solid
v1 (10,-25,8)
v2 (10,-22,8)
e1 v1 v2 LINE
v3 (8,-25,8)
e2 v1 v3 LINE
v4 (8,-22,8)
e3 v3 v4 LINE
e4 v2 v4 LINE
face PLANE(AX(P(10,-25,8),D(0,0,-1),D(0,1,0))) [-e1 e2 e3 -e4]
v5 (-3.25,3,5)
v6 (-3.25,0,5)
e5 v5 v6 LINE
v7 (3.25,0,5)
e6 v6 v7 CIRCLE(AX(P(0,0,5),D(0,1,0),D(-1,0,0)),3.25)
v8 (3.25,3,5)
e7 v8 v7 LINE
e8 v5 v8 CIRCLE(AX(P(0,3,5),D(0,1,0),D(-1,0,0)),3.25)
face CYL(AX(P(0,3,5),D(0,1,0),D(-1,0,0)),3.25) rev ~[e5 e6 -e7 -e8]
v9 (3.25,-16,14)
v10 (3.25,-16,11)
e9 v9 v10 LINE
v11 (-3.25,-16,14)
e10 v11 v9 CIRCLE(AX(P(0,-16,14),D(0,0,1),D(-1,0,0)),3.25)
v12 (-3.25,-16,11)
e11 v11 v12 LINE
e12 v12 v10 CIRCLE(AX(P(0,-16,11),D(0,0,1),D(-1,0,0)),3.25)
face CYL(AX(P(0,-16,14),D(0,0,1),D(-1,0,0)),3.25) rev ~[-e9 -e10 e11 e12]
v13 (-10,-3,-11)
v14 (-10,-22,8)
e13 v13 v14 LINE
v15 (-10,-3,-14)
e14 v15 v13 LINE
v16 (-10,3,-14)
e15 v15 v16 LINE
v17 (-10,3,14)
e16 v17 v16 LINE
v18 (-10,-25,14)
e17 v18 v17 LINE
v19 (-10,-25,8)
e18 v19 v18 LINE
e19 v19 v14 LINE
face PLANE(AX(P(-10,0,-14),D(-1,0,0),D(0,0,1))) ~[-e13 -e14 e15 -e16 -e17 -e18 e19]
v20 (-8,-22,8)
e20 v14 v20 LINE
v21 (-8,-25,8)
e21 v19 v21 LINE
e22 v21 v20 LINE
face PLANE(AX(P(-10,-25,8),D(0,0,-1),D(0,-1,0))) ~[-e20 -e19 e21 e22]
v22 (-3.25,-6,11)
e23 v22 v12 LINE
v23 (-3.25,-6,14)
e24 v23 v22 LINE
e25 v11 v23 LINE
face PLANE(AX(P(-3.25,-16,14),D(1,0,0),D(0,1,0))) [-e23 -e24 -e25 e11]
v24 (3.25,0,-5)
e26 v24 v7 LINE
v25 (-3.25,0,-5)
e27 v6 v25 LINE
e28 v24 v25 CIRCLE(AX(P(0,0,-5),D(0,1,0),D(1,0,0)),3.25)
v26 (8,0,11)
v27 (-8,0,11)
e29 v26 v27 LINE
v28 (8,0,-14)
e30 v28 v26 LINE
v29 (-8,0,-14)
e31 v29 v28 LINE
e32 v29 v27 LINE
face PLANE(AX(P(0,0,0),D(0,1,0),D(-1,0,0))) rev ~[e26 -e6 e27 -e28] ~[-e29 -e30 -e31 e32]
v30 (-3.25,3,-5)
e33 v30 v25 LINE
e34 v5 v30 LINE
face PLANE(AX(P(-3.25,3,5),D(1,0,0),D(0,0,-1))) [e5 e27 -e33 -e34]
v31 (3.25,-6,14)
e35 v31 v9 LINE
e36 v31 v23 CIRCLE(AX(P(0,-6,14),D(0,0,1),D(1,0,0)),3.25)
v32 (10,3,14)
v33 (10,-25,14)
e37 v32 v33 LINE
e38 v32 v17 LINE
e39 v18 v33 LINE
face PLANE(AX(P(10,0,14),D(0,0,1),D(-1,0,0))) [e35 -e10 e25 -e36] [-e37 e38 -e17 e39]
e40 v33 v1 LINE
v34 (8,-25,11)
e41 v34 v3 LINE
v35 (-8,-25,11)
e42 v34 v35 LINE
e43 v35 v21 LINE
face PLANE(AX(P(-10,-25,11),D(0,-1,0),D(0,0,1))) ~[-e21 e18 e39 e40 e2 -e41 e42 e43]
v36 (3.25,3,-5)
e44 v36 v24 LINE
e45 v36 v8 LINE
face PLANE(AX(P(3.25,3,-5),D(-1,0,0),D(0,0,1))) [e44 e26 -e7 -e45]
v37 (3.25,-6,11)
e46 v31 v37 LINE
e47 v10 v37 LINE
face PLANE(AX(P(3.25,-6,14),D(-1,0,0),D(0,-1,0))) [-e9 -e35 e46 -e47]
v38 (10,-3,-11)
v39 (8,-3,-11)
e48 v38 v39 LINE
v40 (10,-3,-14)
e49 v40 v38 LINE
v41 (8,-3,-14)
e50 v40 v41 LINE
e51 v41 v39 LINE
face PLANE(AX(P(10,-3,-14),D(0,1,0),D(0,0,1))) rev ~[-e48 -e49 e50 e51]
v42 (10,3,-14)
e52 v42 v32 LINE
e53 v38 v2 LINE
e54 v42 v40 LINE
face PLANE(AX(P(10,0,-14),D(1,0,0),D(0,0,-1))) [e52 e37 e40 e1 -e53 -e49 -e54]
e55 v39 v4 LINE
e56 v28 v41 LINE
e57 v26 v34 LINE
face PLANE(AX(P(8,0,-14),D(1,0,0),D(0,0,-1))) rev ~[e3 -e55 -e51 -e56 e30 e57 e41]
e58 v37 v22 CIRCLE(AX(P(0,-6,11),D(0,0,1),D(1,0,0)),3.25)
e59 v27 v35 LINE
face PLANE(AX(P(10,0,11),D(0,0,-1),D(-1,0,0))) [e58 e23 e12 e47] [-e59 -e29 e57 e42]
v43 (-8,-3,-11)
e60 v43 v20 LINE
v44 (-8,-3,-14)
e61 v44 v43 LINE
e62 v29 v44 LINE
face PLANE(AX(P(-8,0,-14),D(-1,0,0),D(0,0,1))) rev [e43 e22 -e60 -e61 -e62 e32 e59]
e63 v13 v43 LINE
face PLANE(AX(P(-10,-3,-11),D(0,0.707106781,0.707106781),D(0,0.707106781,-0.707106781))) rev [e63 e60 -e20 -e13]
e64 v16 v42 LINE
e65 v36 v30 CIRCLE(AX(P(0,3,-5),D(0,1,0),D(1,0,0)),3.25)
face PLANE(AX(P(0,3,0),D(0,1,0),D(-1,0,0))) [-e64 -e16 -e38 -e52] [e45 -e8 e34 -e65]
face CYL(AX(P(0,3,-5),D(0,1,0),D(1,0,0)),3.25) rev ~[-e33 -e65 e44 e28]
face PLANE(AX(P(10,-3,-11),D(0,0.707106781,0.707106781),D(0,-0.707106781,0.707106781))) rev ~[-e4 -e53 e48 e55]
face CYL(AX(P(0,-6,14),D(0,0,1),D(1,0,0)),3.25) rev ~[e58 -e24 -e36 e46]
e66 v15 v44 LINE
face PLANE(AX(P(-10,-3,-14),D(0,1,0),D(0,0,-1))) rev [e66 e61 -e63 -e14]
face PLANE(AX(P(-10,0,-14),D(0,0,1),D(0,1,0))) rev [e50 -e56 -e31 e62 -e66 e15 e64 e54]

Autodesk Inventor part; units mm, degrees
ref_plane "YZ Plane" through (0, 0, 0) normal (1, 0, 0) x (0, 1, 0)
ref_plane "XZ Plane" through (0, 0, 0) normal (0, 1, 0) x (-1, 0, 0)
ref_plane "XY Plane" through (0, 0, 0) normal (0, 0, 1) x (1, 0, 0)
sketch "Sketch1" plane through (0, 0, 0) normal (0, 1, 0) x (-1, 0, 0)
  line L0 (10, -14) -> (-10, -14)
  line L1 (-10, -14) -> (-10, 14)
  line L2 (-10, 14) -> (10, 14)
  line L3 (10, 14) -> (10, -14)
  line L4 (10, -14) -> (-10, 14) construction
  line L5 (-10, -14) -> (10, 14) construction
  point P0 (0, 0)
  dimension "d0" = 20
  dimension "d1" = 28
extrude "Extrusion1" add sketch "Sketch1" along normal blind 3
sketch "Sketch2" plane through (0, 0, 0) normal (0, -1, 0) x (1, 0, 0)
  line L0 (-10, 14) -> (10, 14) projected
  line L1 (-10, 14) -> (10, 14)
  line L2 (10, 14) -> (10, 11)
  line L3 (10, 11) -> (-10, 11)
  line L4 (-10, 11) -> (-10, 14)
  point P0 (0, 0)
  dimension "d4" = 20
  dimension "d5" = 3
extrude "Extrusion2" add sketch "Sketch2" along normal blind 25
sketch "Sketch3" plane through (10, 0, -14) normal (1, 0, 0) x (0, 0, -1)
  line L0 (-25, 0) -> (-25, -25) projected
  line L1 (0, 0) -> (-25, 0) projected
  line L2 (0, 0) -> (-25, 0)
  line L3 (-25, 0) -> (-25, -25)
  line L4 (-25, -25) -> (-22, -25)
  line L5 (-22, -25) -> (-22, -22)
  line L6 (0, 0) -> (0, 3) projected
  line L7 (0, 0) -> (0, -3)
  line L8 (0, -3) -> (-3, -3)
  line L9 (-3, -3) -> (-22, -22)
  point P0 (-14, 0)
  dimension "d8" = 3
  dimension "d9" = 3
  dimension "d10" = 3
  dimension "d11" = 3
extrude "Extrusion3" add sketch "Sketch3" against normal blind 2
mirror "Mirror1" about plane through (0, 0, 0) normal (1, 0, 0) of "Extrusion3"
sketch "Sketch4" plane through (-10, 3, 14) normal (0, 0, 1) x (1, 0, 0)
  line L0 (2, -28) -> (18, -28) projected
  line L1 (6.75, -9) -> (13.25, -9)
  line L2 (13.25, -9) -> (13.25, -19)
  line L3 (13.25, -19) -> (6.75, -19)
  line L4 (6.75, -19) -> (6.75, -9)
  line L5 (6.75, -9) -> (13.25, -19) construction
  line L6 (13.25, -9) -> (6.75, -19) construction
  arc A0 (13.25, -9) -> (6.75, -9) centre (10, -9) ccw
  arc A1 (6.75, -19) -> (13.25, -19) centre (10, -19) ccw
  point P0 (10, -3)
  point P1 (10, -14)
  dimension "d14" = 6.5
  dimension "d15" = 10
extrude "Extrusion4" cut sketch "Sketch4" against normal through all
sketch "Sketch5" plane through (0, 3, 0) normal (0, 1, 0) x (1, 0, 0)
  line L0 (3.25, -5) -> (-3.25, -5)
  line L1 (-3.25, -5) -> (-3.25, 5)
  line L2 (-3.25, 5) -> (3.25, 5)
  line L3 (3.25, 5) -> (3.25, -5)
  line L4 (3.25, -5) -> (-3.25, 5) construction
  line L5 (-3.25, -5) -> (3.25, 5) construction
  arc A0 (-3.25, -5) -> (3.25, -5) centre (0, -5) ccw
  arc A1 (3.25, 5) -> (-3.25, 5) centre (0, 5) ccw
  point P0 (0, 0)
  dimension "d18" = 6.5
  dimension "d19" = 10
extrude "Extrusion5" cut sketch "Sketch5" against normal through all
properties part number "Ke NHOM 28x28x20"
